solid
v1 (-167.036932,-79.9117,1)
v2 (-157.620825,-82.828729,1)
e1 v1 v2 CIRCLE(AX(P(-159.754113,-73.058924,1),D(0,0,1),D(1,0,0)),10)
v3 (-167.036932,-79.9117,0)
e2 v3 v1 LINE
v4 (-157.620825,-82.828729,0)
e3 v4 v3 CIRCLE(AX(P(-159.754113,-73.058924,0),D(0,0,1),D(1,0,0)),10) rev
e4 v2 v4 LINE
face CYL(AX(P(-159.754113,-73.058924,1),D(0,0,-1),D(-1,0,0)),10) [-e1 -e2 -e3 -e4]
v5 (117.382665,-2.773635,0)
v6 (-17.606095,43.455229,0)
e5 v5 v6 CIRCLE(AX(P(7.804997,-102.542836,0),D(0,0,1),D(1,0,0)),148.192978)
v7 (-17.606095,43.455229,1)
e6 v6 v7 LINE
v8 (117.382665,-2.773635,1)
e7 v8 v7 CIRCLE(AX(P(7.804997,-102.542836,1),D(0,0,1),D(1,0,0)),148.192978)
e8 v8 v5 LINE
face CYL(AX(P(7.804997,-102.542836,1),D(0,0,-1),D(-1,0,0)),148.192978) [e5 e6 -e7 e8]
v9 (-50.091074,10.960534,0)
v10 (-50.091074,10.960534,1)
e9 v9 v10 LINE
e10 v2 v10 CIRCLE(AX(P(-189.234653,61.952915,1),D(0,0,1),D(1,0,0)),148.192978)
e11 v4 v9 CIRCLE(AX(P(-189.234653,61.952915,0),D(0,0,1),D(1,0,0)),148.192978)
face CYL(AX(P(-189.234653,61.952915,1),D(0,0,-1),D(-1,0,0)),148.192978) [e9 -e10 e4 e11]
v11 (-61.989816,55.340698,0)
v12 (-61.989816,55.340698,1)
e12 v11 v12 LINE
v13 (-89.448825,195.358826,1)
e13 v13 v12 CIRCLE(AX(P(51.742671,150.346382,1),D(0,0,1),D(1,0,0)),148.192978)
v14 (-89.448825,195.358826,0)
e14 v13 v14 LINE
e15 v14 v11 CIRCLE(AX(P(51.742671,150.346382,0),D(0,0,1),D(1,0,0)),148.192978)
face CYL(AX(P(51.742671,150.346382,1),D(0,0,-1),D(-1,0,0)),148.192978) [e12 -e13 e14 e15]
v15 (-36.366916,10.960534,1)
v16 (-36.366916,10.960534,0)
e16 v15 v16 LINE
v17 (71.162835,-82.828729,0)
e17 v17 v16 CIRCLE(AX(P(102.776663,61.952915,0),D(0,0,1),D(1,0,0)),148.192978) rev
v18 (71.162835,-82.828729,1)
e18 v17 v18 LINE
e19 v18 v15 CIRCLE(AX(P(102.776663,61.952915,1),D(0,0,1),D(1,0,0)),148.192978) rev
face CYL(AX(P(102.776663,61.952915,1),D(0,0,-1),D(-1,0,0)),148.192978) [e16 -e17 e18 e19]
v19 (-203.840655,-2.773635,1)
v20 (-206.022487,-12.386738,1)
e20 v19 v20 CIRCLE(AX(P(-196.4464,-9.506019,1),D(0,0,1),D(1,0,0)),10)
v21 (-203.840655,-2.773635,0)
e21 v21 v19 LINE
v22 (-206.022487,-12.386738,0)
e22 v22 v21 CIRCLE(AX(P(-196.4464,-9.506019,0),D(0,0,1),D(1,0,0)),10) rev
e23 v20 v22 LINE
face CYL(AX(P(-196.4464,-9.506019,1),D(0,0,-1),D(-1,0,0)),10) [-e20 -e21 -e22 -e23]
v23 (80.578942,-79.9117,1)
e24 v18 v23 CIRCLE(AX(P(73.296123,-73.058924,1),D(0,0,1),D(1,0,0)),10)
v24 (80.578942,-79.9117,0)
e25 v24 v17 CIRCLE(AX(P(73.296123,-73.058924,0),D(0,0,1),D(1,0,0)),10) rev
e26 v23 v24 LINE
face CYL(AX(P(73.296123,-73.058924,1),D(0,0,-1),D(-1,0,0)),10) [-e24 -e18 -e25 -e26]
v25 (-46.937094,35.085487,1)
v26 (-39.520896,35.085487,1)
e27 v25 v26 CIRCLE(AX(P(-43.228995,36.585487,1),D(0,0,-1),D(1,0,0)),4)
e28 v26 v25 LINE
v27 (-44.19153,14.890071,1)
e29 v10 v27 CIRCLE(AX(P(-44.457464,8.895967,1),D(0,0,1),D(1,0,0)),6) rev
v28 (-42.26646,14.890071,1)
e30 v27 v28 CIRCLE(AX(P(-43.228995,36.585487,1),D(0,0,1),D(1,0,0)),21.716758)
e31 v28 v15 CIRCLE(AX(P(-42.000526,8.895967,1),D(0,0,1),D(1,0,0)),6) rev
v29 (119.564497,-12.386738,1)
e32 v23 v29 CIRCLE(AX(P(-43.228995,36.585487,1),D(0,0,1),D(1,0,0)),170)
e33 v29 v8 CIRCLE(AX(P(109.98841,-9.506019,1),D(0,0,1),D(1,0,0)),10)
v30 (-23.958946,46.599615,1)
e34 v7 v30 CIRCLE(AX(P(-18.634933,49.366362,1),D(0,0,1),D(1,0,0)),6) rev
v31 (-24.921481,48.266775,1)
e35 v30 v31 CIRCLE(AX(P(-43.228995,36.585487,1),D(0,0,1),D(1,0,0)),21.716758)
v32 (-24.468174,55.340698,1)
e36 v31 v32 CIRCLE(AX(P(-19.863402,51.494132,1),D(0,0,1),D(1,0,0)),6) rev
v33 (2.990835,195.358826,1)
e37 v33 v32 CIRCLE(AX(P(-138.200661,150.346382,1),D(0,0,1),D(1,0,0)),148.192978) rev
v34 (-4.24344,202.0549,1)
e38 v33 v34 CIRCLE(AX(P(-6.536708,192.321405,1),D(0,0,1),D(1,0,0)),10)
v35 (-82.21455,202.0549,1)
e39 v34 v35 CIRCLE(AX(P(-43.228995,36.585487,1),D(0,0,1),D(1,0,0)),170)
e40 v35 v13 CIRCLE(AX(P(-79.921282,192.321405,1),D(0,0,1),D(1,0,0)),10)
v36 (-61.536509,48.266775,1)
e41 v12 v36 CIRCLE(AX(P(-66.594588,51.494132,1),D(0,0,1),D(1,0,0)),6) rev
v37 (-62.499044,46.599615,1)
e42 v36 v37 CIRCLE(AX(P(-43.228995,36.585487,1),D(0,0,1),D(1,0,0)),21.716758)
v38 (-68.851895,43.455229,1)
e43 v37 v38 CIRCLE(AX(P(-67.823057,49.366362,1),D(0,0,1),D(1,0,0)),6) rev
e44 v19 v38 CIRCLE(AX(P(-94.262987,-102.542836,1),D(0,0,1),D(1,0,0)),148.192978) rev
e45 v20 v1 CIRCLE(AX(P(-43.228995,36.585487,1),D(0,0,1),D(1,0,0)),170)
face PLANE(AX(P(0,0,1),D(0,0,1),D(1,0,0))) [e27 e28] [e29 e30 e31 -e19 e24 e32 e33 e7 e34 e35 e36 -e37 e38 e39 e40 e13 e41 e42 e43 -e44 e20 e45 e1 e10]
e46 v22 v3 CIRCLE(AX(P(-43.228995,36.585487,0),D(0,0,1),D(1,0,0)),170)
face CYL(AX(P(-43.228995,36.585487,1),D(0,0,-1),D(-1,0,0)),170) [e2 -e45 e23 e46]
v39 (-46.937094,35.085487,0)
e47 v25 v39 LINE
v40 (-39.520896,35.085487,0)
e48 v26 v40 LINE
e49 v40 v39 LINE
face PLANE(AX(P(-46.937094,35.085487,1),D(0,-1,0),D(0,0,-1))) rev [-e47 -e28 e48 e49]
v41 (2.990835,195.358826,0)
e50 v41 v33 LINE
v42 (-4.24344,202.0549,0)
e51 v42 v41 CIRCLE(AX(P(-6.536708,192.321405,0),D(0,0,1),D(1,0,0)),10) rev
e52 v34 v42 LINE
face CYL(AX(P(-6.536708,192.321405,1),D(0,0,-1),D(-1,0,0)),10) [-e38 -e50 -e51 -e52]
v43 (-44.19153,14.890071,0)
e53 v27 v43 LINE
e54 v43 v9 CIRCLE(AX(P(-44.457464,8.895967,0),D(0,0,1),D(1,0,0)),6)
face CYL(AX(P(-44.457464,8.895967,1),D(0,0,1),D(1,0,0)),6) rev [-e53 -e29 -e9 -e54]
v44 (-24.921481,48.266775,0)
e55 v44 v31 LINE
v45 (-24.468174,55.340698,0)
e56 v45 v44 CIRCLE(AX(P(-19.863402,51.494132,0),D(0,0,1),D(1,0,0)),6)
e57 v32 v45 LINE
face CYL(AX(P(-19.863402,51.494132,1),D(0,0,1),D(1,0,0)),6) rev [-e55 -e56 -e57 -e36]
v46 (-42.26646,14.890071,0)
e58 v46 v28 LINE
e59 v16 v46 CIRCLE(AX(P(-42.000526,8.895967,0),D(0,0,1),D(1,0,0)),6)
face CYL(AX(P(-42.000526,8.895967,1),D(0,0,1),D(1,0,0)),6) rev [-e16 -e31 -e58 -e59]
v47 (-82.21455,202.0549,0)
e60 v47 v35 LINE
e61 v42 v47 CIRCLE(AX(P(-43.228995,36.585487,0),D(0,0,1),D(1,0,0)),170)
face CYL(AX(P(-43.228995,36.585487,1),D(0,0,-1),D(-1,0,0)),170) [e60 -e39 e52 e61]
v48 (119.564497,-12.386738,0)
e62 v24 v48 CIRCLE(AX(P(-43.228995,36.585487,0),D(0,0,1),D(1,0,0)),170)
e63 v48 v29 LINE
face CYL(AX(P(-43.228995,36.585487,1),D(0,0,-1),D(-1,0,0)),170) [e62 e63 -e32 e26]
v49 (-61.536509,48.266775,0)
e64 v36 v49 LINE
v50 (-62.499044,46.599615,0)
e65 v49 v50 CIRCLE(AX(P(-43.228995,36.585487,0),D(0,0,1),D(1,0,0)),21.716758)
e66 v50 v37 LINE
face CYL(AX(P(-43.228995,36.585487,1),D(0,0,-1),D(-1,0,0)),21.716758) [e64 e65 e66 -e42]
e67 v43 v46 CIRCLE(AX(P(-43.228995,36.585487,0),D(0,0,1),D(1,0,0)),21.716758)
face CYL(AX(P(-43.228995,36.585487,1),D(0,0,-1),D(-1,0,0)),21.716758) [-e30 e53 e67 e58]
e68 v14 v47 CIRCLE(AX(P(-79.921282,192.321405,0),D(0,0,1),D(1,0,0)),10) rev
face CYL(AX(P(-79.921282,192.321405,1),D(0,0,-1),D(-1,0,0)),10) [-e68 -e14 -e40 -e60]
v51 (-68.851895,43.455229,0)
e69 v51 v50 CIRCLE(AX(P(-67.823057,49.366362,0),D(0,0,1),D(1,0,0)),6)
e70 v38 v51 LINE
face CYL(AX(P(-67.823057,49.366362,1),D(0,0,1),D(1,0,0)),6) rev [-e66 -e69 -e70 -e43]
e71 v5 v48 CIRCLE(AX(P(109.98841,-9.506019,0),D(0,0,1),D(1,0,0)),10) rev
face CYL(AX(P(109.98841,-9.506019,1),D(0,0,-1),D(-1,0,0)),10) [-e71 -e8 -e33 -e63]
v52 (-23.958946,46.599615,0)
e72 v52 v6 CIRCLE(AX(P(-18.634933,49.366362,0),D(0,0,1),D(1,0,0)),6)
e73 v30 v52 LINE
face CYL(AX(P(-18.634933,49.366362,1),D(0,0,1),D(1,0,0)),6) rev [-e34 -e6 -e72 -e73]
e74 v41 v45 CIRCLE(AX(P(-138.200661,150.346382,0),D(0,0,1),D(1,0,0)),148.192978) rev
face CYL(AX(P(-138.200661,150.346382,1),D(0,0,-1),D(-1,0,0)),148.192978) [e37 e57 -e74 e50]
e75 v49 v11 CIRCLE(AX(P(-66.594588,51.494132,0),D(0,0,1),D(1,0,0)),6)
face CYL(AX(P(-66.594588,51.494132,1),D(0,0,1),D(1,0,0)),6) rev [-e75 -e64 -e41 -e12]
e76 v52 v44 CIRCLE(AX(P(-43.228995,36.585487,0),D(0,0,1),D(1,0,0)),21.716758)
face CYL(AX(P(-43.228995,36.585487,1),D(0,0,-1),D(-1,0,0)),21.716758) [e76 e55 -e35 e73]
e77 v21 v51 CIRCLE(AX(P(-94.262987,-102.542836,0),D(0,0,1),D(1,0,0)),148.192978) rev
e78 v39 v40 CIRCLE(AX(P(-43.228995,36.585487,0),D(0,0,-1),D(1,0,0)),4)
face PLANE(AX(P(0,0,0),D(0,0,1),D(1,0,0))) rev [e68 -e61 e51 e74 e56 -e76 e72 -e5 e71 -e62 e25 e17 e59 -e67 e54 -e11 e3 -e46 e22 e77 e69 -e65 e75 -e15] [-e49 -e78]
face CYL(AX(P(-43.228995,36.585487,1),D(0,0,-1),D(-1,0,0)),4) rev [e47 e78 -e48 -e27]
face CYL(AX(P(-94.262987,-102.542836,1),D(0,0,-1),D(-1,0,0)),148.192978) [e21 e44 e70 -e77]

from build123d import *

# Parameters (mm, degrees)
ESQUISSE2_R             = 21.716757685
BOSS_EXTRU_1_DEPTH      = 1
ENL_V_MAT_EXTRU_2_DEPTH = 293.837814183
CONG_2_R                = 10
CONG_3_R                = 6
CONG_4_R                = 6
CONG_5_R                = 6


with BuildPart() as part:
    # Esquisse2 → Boss.-Extru.1 (new body)
    with BuildSketch(Plane.XY):
        with Locations((-43.22899501, 36.585487108)):
            Circle(ESQUISSE2_R)
        with BuildLine():
            ThreePointArc((-207.546192285, -7.001881243), (-132.259115873, 40.696309579), (-43.22899501, 36.585487108))
            ThreePointArc((-43.22899501, 36.585487108), (-84.183978752, -42.572270496), (-163.135361924, -83.923695834))
            ThreePointArc((-163.135361924, -83.923695834), (-190.453313653, -48.414512892), (-207.546192285, -7.001881243))
        make_face()
        with BuildLine():
            ThreePointArc((76.677371904, -83.923695834), (-2.274011269, -42.572270496), (-43.22899501, 36.585487108))
            ThreePointArc((-43.22899501, 36.585487108), (45.801125853, 40.696309579), (121.088202265, -7.001881243))
            ThreePointArc((121.088202265, -7.001881243), (103.995323633, -48.414512892), (76.677371904, -83.923695834))
        make_face()
        with BuildLine():
            Line((-43.22899501, 206.585487108), (-43.22899501, 58.302244794))
            ThreePointArc((-43.22899501, 58.302244794), (-34.753748483, 56.580180421), (-27.622617897, 51.687094896))
            ThreePointArc((-27.622617897, 51.687094896), (7.298277527, 122.217794206), (1.181835351, 200.682038403))
            ThreePointArc((1.181835351, 200.682038403), (-20.82825529, 205.103162324), (-43.22899501, 206.585487108))
        make_face()
        with BuildLine():
            ThreePointArc((-58.835372123, 51.687094896), (-51.704241537, 56.580180421), (-43.22899501, 58.302244794))
            Line((-43.22899501, 58.302244794), (-43.22899501, 206.585487108))
            ThreePointArc((-43.22899501, 206.585487108), (-65.62973473, 205.103162324), (-87.639825371, 200.682038403))
            ThreePointArc((-87.639825371, 200.682038403), (-93.756267547, 122.217794206), (-58.835372123, 51.687094896))
        make_face()
        with BuildLine():
            ThreePointArc((-48.504182436, 15.519164174), (-45.480177087, 25.955564863), (-43.22899501, 36.585487108))
            ThreePointArc((-43.22899501, 36.585487108), (-53.560368754, 39.950867364), (-64.110559549, 42.550202255))
            ThreePointArc((-64.110559549, 42.550202255), (-62.036258854, 25.727108266), (-48.504182436, 15.519164174))
        make_face()
        with BuildLine():
            ThreePointArc((-22.347430471, 42.550202255), (-32.897621267, 39.950867364), (-43.22899501, 36.585487108))
            ThreePointArc((-43.22899501, 36.585487108), (-40.977812933, 25.955564863), (-37.953807584, 15.519164174))
            ThreePointArc((-37.953807584, 15.519164174), (-26.109159563, 23.224020174), (-21.512237325, 36.585487108))
            ThreePointArc((-21.512237325, 36.585487108), (-21.722049137, 39.596939182), (-22.347430471, 42.550202255))
        make_face()
        with BuildLine():
            ThreePointArc((-37.953807584, 15.519164174), (-40.977812933, 25.955564863), (-43.22899501, 36.585487108))
            ThreePointArc((-43.22899501, 36.585487108), (-45.480177087, 25.955564863), (-48.504182436, 15.519164174))
            ThreePointArc((-48.504182436, 15.519164174), (-43.22899501, 14.868729423), (-37.953807584, 15.519164174))
        make_face()
        with BuildLine():
            ThreePointArc((-64.110559549, 42.550202255), (-53.560368754, 39.950867364), (-43.22899501, 36.585487108))
            ThreePointArc((-43.22899501, 36.585487108), (-51.309186676, 43.850029099), (-58.835372123, 51.687094896))
            ThreePointArc((-58.835372123, 51.687094896), (-62.036258854, 47.443865951), (-64.110559549, 42.550202255))
        make_face()
        with BuildLine():
            ThreePointArc((-58.835372123, 51.687094896), (-51.309186676, 43.850029099), (-43.22899501, 36.585487108))
            Line((-43.22899501, 36.585487108), (-43.22899501, 58.302244794))
            ThreePointArc((-43.22899501, 58.302244794), (-51.704241537, 56.580180421), (-58.835372123, 51.687094896))
        make_face()
        with BuildLine():
            Line((-43.22899501, 58.302244794), (-43.22899501, 36.585487108))
            ThreePointArc((-43.22899501, 36.585487108), (-35.148803344, 43.850029099), (-27.622617897, 51.687094896))
            ThreePointArc((-27.622617897, 51.687094896), (-34.753748483, 56.580180421), (-43.22899501, 58.302244794))
        make_face()
        with BuildLine():
            ThreePointArc((-27.622617897, 51.687094896), (-35.148803344, 43.850029099), (-43.22899501, 36.585487108))
            ThreePointArc((-43.22899501, 36.585487108), (-32.897621267, 39.950867364), (-22.347430471, 42.550202255))
            ThreePointArc((-22.347430471, 42.550202255), (-24.421731167, 47.443865951), (-27.622617897, 51.687094896))
        make_face()
    extrude(amount=BOSS_EXTRU_1_DEPTH)

    # Esquisse4 → Enlèv. mat.-Extru.2 (cut, through all)
    with BuildSketch(Plane(origin=(0, 0, 0), x_dir=(-1, 0, 0), z_dir=(0, 0, -1))):
        with BuildLine():
            Line((46.937094254, 35.085487108), (39.520895767, 35.085487108))
            ThreePointArc((39.520895767, 35.085487108), (43.22899501, 40.585487108), (46.937094254, 35.085487108))
        make_face()
    extrude(amount=-ENL_V_MAT_EXTRU_2_DEPTH, mode=Mode.SUBTRACT)

    # Congé2
    cong_2_edges = [part.edges().sort_by_distance(p)[0] for p in [
        (-87.639825371, 200.682038403, 0.5),
        (1.181835351, 200.682038403, 0.5),
        (121.088202265, -7.001881243, 0.5),
        (76.677371904, -83.923695834, 0.5),
        (-163.135361924, -83.923695834, 0.5),
        (-207.546192285, -7.001881243, 0.5),
    ]]
    fillet(cong_2_edges, radius=CONG_2_R)

    # Congé3
    cong_3_edges = [part.edges().sort_by_distance(p)[0] for p in [
        (-64.110559549, 42.550202255, 0.5),
        (-58.835372123, 51.687094896, 0.5),
    ]]
    fillet(cong_3_edges, radius=CONG_3_R)

    # Congé4
    cong_4_edges = [part.edges().sort_by_distance(p)[0] for p in [
        (-27.622617897, 51.687094896, 0.5),
        (-22.347430471, 42.550202255, 0.5),
    ]]
    fillet(cong_4_edges, radius=CONG_4_R)

    # Congé5
    cong_5_edges = [part.edges().sort_by_distance(p)[0] for p in [
        (-37.953807584, 15.519164174, 0.5),
        (-48.504182436, 15.519164174, 0.5),
    ]]
    fillet(cong_5_edges, radius=CONG_5_R)


solid = part.part
